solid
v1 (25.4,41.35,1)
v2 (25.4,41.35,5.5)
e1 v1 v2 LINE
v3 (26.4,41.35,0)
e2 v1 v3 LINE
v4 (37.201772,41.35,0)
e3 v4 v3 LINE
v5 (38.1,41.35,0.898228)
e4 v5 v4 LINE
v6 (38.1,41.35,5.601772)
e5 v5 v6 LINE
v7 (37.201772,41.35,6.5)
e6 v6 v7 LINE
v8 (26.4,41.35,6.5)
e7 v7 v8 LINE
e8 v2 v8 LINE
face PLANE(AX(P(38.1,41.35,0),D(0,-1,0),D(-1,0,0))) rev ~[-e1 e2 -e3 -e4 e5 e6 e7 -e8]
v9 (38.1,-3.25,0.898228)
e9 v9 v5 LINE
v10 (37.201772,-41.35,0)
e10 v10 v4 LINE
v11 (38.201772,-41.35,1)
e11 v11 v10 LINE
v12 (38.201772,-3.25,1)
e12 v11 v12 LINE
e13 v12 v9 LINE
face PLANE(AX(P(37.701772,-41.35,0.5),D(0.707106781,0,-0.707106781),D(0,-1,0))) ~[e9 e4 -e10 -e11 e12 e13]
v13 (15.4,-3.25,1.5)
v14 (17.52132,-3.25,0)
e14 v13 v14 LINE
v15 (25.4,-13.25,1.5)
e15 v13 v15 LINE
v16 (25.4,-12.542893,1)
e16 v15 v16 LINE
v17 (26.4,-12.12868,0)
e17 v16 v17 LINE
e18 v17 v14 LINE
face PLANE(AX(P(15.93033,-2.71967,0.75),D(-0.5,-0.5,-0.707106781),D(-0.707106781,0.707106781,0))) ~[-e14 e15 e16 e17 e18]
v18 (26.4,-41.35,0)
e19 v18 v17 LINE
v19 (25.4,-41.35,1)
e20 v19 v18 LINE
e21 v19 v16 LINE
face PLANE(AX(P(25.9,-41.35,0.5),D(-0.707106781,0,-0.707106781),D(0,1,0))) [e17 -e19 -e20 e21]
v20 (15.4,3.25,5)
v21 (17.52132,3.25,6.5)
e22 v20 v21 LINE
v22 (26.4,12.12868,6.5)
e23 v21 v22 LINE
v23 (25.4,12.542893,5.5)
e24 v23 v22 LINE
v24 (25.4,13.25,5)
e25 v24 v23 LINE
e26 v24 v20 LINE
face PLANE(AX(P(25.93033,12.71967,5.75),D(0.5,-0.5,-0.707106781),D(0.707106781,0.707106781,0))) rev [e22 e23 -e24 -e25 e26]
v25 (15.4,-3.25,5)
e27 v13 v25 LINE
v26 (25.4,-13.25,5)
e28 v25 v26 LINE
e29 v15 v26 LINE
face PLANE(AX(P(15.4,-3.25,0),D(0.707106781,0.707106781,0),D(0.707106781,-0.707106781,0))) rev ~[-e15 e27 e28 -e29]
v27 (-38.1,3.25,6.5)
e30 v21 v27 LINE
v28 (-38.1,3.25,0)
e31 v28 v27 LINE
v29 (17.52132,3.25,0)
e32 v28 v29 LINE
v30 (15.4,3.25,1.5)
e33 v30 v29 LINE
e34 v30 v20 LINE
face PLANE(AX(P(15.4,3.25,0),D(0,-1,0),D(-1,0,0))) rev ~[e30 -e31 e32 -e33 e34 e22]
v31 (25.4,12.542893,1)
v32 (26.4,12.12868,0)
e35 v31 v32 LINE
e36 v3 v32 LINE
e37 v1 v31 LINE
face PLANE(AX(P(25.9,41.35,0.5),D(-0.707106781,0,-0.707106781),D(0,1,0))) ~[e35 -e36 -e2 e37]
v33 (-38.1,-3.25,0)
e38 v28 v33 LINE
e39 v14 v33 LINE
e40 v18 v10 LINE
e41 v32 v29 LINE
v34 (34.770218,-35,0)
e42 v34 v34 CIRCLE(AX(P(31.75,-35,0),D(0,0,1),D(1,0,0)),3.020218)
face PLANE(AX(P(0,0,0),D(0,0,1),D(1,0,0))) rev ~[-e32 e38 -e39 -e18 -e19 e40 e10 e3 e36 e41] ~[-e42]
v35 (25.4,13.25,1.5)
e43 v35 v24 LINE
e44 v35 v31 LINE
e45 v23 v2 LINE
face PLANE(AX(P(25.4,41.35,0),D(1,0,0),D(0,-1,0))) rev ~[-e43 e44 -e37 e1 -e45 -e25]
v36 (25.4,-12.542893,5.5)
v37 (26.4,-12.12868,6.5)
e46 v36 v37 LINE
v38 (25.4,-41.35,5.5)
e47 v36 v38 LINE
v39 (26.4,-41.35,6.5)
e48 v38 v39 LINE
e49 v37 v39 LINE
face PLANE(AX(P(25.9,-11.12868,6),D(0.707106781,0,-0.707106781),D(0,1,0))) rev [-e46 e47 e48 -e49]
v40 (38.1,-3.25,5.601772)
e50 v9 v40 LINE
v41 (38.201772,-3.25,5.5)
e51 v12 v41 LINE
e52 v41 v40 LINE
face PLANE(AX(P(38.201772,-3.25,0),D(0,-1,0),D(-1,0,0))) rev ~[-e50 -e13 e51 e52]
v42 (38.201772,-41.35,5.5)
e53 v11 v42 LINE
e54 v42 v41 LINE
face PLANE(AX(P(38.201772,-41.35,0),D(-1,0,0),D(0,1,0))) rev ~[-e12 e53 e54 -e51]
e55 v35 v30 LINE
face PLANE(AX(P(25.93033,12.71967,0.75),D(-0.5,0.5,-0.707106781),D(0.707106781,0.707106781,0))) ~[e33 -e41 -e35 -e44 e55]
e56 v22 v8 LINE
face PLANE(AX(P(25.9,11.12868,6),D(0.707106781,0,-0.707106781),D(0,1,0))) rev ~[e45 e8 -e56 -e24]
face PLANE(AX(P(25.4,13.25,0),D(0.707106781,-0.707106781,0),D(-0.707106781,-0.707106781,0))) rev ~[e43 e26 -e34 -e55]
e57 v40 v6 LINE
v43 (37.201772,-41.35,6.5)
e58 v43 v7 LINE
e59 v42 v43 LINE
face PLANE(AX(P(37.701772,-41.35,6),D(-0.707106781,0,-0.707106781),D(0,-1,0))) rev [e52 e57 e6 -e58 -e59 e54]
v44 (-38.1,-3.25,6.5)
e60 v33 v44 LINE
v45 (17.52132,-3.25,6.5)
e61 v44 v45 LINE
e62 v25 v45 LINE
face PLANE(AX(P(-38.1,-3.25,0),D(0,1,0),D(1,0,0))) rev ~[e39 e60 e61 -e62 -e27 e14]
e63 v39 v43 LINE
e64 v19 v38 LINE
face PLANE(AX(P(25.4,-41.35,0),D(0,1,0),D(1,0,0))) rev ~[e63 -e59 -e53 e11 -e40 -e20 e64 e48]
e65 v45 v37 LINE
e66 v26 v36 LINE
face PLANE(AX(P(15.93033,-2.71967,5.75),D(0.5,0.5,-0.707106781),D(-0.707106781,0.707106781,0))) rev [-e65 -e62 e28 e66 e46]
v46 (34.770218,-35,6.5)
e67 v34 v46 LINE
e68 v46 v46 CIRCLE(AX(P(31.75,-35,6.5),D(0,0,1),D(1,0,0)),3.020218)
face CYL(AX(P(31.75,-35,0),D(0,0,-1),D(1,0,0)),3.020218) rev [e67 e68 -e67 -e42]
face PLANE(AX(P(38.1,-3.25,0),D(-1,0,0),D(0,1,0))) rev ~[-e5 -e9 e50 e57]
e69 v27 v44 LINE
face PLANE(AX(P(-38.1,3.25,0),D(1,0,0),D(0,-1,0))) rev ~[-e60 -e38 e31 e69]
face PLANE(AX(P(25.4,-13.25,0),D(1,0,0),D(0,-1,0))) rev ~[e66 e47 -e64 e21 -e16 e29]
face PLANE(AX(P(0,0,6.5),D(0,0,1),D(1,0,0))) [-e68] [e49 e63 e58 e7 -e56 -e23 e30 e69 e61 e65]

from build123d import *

# Parameters (mm, degrees)
F0_R     = 3.020218
F1_DEPTH = 6.5
F2_SIZE  = 1.5
F3_SIZE  = 1


with BuildPart() as f1:
    # F0 (on Top) → F1 (new body)
    with BuildSketch(Plane.XY):
        Polygon((38.1, -3.25), (38.1, 3.25), (25.4, 3.25), (15.4, 3.25), (-38.1, 3.25), (-38.1, -3.25), (15.4, -3.25), (25.4, -3.25), align=None)
        Polygon((25.4, 3.25), (38.1, 3.25), (38.1, 41.35), (25.4, 41.35), (25.4, 13.25), align=None)
        Polygon((15.4, 3.25), (25.4, 3.25), (25.4, 13.25), align=None)
        Polygon((38.201772, -3.25), (38.1, -3.25), (25.4, -3.25), (25.4, -13.25), (25.4, -41.35), (38.201772, -41.35), align=None)
        with Locations((31.75, -35)):
            Circle(F0_R, mode=Mode.SUBTRACT)
        Polygon((25.4, -13.25), (25.4, -3.25), (15.4, -3.25), align=None)
    extrude(amount=F1_DEPTH)

    # F2
    f2_edges = [f1.edges().sort_by_distance(p)[0] for p in [
        (20.4, -8.25, 6.5),
        (20.4, 8.25, 6.5),
        (20.4, 8.25, 0),
        (20.4, -8.25, 0),
    ]]
    chamfer(f2_edges, length=F2_SIZE)

    # F3
    f3_edges = [f1.edges().sort_by_distance(p)[0] for p in [
        (25.4, -27.3, 6.5),
        (25.4, -27.3, 0),
        (25.4, 27.3, 6.5),
        (25.4, 27.3, 0),
        (38.201772, -22.3, 6.5),
        (38.201772, -22.3, 0),
    ]]
    chamfer(f3_edges, length=F3_SIZE)


solid = f1.part
